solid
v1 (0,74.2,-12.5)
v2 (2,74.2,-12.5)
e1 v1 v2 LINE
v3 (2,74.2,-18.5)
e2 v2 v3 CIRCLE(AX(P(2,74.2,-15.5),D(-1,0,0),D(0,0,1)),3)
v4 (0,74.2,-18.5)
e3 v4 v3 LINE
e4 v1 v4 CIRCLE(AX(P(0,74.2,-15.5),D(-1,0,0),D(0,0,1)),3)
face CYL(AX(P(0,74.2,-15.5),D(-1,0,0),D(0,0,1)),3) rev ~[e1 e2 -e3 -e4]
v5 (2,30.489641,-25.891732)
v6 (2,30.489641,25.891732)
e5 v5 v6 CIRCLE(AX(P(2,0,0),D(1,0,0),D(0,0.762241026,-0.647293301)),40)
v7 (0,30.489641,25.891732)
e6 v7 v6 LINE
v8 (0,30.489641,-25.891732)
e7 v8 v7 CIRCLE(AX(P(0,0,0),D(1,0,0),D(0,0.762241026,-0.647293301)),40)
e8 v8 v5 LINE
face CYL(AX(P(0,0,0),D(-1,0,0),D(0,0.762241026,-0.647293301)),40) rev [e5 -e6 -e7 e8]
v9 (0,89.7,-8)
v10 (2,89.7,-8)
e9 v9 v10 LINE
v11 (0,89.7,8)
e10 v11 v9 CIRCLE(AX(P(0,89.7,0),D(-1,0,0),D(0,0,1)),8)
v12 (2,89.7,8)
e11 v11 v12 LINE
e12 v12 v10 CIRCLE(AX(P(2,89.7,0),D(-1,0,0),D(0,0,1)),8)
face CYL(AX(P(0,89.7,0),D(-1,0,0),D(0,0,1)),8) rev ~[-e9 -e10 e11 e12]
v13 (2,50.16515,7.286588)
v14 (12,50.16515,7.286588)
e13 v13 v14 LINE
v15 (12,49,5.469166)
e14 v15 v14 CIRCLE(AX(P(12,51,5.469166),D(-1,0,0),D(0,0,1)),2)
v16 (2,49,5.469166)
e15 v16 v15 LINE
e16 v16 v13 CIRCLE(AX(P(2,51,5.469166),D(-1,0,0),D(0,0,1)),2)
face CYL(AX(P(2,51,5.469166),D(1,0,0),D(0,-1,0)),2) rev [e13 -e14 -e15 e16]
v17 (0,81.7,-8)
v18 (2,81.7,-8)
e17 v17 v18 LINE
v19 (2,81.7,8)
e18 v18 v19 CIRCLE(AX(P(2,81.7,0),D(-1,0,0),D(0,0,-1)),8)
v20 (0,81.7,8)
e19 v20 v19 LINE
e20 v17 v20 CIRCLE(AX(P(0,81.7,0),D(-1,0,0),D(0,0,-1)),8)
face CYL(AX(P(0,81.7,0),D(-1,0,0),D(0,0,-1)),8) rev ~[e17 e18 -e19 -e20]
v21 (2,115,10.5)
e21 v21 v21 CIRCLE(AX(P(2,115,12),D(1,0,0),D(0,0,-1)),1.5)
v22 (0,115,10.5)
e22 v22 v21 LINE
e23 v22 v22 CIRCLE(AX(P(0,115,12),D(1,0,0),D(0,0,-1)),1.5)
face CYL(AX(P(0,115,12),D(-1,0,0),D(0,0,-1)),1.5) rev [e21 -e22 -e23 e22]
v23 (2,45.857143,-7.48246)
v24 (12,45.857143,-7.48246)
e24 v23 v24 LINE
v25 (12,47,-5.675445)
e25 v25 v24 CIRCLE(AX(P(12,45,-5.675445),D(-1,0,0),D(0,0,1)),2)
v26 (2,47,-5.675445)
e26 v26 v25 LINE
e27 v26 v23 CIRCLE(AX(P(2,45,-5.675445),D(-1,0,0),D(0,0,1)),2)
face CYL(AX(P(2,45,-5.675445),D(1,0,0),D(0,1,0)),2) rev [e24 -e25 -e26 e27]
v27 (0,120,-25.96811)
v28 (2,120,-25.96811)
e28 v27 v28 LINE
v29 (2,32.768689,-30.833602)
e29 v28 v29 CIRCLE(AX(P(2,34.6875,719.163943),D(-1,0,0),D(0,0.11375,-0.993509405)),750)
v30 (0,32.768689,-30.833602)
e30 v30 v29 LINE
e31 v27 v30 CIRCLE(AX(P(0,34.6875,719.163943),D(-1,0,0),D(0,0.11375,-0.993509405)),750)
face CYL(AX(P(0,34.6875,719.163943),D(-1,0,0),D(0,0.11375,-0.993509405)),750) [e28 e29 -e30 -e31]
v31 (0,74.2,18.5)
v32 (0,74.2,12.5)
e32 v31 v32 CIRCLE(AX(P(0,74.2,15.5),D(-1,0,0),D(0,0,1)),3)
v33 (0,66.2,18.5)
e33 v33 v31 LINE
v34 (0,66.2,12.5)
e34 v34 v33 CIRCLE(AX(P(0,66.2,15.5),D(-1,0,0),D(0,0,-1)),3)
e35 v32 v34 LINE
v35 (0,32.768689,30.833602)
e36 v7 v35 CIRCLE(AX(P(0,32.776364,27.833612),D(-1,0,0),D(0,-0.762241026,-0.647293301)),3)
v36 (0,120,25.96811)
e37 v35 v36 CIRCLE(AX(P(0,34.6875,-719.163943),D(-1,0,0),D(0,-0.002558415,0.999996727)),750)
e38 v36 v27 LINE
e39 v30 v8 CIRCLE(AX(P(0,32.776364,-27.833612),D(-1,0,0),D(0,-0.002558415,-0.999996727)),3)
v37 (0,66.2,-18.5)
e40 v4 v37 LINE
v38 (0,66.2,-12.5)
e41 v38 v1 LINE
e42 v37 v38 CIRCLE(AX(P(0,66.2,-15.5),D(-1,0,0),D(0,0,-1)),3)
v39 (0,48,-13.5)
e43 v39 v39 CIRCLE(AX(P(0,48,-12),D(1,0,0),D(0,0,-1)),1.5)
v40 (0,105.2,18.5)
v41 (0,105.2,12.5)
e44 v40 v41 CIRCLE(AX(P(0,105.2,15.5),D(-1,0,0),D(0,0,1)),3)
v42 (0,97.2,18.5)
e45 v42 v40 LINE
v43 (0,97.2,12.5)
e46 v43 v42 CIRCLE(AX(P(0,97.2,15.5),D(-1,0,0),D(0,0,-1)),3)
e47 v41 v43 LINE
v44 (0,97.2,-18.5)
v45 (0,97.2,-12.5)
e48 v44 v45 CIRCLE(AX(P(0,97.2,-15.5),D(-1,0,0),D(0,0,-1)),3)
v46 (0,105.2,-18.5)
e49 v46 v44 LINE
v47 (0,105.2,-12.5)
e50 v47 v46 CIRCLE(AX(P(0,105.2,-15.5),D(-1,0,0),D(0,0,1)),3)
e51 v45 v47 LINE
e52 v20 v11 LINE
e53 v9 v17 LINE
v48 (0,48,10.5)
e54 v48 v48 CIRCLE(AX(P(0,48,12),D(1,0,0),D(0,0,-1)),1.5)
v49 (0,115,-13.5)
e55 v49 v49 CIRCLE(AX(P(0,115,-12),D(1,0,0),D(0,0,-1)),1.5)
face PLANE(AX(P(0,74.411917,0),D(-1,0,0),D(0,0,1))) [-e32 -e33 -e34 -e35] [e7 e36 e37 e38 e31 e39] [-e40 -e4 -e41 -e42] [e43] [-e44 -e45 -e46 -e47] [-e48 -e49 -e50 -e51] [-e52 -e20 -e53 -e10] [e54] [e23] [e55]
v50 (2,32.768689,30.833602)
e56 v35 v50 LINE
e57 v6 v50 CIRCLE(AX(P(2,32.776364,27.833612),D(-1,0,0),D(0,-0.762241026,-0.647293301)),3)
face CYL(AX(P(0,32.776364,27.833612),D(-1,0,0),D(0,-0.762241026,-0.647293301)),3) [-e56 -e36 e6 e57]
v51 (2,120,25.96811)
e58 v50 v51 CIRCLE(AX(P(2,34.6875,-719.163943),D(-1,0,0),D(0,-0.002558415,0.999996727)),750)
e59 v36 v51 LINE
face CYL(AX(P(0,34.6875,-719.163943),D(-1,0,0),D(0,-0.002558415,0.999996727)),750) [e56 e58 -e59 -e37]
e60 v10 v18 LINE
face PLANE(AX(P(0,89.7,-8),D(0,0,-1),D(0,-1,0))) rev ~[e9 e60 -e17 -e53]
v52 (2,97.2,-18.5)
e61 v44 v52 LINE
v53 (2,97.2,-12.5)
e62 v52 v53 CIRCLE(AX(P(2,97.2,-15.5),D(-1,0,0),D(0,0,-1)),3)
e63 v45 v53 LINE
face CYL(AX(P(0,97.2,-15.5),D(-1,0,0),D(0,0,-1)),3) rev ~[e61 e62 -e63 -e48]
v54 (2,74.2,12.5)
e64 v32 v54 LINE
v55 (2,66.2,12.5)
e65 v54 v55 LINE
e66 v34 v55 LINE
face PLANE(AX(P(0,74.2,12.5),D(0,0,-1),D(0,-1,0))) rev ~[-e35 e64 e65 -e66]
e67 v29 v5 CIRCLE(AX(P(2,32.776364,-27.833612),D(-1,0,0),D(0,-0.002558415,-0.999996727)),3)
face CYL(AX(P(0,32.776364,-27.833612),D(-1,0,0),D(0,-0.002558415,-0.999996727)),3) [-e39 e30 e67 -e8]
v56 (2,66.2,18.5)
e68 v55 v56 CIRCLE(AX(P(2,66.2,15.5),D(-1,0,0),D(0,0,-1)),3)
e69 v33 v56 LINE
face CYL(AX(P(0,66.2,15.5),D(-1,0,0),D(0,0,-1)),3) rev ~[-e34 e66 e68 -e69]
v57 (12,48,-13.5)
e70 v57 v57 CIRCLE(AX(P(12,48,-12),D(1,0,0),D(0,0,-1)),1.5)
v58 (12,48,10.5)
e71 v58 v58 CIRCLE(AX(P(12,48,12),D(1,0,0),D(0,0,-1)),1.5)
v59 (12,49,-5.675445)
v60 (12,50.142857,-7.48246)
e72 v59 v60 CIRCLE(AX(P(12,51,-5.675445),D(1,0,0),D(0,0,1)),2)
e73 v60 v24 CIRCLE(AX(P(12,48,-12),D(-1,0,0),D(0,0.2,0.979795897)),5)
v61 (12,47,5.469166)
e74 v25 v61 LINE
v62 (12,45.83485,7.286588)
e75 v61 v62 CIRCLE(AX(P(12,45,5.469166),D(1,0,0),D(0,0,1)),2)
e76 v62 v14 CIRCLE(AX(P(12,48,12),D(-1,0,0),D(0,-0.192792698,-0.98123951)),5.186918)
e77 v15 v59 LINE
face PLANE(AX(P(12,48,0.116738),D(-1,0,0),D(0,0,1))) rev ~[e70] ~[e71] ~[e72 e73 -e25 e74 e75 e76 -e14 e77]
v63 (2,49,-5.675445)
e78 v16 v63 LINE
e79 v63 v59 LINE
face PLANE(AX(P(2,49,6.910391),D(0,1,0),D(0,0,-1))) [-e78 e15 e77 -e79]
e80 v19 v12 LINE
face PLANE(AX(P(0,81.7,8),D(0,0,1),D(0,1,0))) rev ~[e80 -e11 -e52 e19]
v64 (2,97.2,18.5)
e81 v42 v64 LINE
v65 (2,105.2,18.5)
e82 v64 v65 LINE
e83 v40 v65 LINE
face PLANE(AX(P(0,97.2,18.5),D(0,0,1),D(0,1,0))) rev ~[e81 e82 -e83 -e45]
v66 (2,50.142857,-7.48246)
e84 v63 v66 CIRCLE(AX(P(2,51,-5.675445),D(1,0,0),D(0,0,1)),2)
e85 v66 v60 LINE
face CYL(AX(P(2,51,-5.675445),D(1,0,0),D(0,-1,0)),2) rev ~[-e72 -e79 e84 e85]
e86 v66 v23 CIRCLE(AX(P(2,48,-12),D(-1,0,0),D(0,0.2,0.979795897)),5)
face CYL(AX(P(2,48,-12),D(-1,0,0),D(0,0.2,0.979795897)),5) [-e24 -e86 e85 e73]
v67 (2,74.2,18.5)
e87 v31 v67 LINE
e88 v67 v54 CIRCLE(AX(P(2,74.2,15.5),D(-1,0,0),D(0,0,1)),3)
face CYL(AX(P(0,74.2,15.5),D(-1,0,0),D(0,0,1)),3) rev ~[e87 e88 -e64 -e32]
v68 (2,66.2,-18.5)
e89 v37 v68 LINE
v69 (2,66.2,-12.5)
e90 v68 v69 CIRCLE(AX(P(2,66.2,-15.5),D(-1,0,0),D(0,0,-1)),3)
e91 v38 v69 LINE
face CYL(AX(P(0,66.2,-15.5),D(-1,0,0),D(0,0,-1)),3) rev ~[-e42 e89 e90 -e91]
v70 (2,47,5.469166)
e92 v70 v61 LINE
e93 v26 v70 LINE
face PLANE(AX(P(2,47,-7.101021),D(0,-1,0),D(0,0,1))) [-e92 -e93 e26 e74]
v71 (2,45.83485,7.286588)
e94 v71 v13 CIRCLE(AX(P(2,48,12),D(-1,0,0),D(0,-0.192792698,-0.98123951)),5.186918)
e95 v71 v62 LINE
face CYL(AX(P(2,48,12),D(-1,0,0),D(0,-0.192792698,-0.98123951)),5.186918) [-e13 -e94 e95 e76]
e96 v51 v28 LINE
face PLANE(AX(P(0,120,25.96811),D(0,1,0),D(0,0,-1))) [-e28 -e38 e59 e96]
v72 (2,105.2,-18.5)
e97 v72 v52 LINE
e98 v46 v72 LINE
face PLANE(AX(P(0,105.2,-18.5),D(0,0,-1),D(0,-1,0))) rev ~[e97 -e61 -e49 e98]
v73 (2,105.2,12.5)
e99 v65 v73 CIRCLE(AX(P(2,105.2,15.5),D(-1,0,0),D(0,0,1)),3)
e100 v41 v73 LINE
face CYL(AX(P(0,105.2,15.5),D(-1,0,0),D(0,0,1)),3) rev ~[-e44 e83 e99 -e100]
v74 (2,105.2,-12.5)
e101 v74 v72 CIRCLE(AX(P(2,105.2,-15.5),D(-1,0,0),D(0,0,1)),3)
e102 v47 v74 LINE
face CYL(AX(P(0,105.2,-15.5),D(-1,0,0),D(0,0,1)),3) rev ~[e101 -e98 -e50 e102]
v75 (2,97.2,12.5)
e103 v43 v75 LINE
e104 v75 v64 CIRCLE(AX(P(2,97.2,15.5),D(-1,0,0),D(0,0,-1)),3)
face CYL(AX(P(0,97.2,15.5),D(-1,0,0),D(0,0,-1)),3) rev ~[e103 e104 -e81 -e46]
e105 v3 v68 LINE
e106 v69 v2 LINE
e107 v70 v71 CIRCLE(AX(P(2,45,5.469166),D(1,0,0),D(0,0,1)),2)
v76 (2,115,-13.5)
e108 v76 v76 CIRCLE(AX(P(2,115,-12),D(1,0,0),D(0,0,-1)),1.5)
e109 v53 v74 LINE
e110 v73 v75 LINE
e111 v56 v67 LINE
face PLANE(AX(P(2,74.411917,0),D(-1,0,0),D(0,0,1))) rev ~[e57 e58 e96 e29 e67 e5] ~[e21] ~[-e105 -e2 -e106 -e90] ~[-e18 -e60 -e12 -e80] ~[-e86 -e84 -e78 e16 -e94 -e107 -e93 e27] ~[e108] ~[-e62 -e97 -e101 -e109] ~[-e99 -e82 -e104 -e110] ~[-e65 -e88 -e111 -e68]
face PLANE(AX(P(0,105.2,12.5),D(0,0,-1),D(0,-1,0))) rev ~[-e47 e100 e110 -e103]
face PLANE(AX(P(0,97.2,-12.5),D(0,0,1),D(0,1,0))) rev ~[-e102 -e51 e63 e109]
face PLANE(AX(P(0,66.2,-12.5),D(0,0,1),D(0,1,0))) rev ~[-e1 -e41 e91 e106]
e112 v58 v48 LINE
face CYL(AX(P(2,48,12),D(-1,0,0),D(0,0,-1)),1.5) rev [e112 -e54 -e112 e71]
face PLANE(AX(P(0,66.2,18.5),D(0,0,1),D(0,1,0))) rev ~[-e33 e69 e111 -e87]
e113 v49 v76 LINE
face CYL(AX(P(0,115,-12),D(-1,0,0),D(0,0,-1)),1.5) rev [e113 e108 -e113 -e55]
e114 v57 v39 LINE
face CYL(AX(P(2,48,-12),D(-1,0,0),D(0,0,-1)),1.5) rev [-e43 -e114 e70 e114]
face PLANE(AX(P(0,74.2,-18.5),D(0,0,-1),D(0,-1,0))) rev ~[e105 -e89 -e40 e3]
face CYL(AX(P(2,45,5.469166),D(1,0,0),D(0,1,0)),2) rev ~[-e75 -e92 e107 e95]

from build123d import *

# Parameters (mm, degrees)
SKETCH1_R           = 1.5
BOSS_EXTRUDE1_DEPTH = 2
SKETCH2_R           = 1.5
BOSS_EXTRUDE2_DEPTH = 10
FILLET1_R           = 2


with BuildPart() as part:
    # Sketch1 → Boss-Extrude1 (new body)
    with BuildSketch(Plane(origin=(0, 0, 0), x_dir=(0, 0, -1), z_dir=(1, 0, 0))):
        with BuildLine():
            Line((-25.968110327, 120), (25.968110327, 120))
            ThreePointArc((25.968110327, 120), (29.67212348, 76.455251784), (30.833602138, 32.768688884))
            ThreePointArc((30.833602138, 32.768688884), (29.089961469, 30.052105348), (25.891732052, 30.48964105))
            ThreePointArc((25.891732052, 30.48964105), (0, 40), (-25.891732052, 30.48964105))
            ThreePointArc((-25.891732052, 30.48964105), (-29.089961469, 30.052105348), (-30.833602138, 32.768688884))
            ThreePointArc((-30.833602138, 32.768688884), (-29.67212348, 76.455251784), (-25.968110327, 120))
        make_face()
        with Locations((-12, 115)):
            Circle(SKETCH1_R, mode=Mode.SUBTRACT)
        with Locations((12, 115)):
            Circle(SKETCH1_R, mode=Mode.SUBTRACT)
        with Locations((-12, 48)):
            Circle(SKETCH1_R, mode=Mode.SUBTRACT)
        with Locations((12, 48)):
            Circle(SKETCH1_R, mode=Mode.SUBTRACT)
        with BuildLine():
            Line((8, 89.7), (8, 81.7))
            ThreePointArc((8, 81.7), (0, 73.7), (-8, 81.7))
            Line((-8, 81.7), (-8, 89.7))
            ThreePointArc((-8, 89.7), (0, 97.7), (8, 89.7))
        make_face(mode=Mode.SUBTRACT)
        with BuildLine():
            Line((18.5, 105.2), (18.5, 97.2))
            ThreePointArc((18.5, 97.2), (15.5, 94.2), (12.5, 97.2))
            Line((12.5, 97.2), (12.5, 105.2))
            ThreePointArc((12.5, 105.2), (15.5, 108.2), (18.5, 105.2))
        make_face(mode=Mode.SUBTRACT)
        with BuildLine():
            Line((18.5, 74.2), (18.5, 66.2))
            ThreePointArc((18.5, 66.2), (15.5, 63.2), (12.5, 66.2))
            Line((12.5, 66.2), (12.5, 74.2))
            ThreePointArc((12.5, 74.2), (15.5, 77.2), (18.5, 74.2))
        make_face(mode=Mode.SUBTRACT)
        with BuildLine():
            Line((-12.5, 105.2), (-12.5, 97.2))
            ThreePointArc((-12.5, 97.2), (-15.5, 94.2), (-18.5, 97.2))
            Line((-18.5, 97.2), (-18.5, 105.2))
            ThreePointArc((-18.5, 105.2), (-15.5, 108.2), (-12.5, 105.2))
        make_face(mode=Mode.SUBTRACT)
        with BuildLine():
            Line((-12.5, 74.2), (-12.5, 66.2))
            ThreePointArc((-12.5, 66.2), (-15.5, 63.2), (-18.5, 66.2))
            Line((-18.5, 66.2), (-18.5, 74.2))
            ThreePointArc((-18.5, 74.2), (-15.5, 77.2), (-12.5, 74.2))
        make_face(mode=Mode.SUBTRACT)
    extrude(amount=BOSS_EXTRUDE1_DEPTH)

    # Sketch2 → Boss-Extrude2 (add)
    with BuildSketch(Plane(origin=(2, 0, 0), x_dir=(0, 0, -1), z_dir=(1, 0, 0))):
        with BuildLine():
            Line((-6.910390688, 49), (7.101020514, 49))
            ThreePointArc((7.101020514, 49), (17, 48), (7.101020514, 47))
            Line((7.101020514, 47), (-6.910390688, 47))
            ThreePointArc((-6.910390688, 47), (-17.186918444, 48), (-6.910390688, 49))
        make_face()
        with Locations((-12, 48)):
            Circle(SKETCH2_R, mode=Mode.SUBTRACT)
        with Locations((12, 48)):
            Circle(SKETCH2_R, mode=Mode.SUBTRACT)
    extrude(amount=BOSS_EXTRUDE2_DEPTH)

    # Fillet1
    fillet1_edges = [part.edges().sort_by_distance(p)[0] for p in [
        (7, 49, 6.910390688),
        (7, 47, 6.910390688),
        (7, 47, -7.101020514),
        (7, 49, -7.101020514),
    ]]
    fillet(fillet1_edges, radius=FILLET1_R)


solid = part.part
